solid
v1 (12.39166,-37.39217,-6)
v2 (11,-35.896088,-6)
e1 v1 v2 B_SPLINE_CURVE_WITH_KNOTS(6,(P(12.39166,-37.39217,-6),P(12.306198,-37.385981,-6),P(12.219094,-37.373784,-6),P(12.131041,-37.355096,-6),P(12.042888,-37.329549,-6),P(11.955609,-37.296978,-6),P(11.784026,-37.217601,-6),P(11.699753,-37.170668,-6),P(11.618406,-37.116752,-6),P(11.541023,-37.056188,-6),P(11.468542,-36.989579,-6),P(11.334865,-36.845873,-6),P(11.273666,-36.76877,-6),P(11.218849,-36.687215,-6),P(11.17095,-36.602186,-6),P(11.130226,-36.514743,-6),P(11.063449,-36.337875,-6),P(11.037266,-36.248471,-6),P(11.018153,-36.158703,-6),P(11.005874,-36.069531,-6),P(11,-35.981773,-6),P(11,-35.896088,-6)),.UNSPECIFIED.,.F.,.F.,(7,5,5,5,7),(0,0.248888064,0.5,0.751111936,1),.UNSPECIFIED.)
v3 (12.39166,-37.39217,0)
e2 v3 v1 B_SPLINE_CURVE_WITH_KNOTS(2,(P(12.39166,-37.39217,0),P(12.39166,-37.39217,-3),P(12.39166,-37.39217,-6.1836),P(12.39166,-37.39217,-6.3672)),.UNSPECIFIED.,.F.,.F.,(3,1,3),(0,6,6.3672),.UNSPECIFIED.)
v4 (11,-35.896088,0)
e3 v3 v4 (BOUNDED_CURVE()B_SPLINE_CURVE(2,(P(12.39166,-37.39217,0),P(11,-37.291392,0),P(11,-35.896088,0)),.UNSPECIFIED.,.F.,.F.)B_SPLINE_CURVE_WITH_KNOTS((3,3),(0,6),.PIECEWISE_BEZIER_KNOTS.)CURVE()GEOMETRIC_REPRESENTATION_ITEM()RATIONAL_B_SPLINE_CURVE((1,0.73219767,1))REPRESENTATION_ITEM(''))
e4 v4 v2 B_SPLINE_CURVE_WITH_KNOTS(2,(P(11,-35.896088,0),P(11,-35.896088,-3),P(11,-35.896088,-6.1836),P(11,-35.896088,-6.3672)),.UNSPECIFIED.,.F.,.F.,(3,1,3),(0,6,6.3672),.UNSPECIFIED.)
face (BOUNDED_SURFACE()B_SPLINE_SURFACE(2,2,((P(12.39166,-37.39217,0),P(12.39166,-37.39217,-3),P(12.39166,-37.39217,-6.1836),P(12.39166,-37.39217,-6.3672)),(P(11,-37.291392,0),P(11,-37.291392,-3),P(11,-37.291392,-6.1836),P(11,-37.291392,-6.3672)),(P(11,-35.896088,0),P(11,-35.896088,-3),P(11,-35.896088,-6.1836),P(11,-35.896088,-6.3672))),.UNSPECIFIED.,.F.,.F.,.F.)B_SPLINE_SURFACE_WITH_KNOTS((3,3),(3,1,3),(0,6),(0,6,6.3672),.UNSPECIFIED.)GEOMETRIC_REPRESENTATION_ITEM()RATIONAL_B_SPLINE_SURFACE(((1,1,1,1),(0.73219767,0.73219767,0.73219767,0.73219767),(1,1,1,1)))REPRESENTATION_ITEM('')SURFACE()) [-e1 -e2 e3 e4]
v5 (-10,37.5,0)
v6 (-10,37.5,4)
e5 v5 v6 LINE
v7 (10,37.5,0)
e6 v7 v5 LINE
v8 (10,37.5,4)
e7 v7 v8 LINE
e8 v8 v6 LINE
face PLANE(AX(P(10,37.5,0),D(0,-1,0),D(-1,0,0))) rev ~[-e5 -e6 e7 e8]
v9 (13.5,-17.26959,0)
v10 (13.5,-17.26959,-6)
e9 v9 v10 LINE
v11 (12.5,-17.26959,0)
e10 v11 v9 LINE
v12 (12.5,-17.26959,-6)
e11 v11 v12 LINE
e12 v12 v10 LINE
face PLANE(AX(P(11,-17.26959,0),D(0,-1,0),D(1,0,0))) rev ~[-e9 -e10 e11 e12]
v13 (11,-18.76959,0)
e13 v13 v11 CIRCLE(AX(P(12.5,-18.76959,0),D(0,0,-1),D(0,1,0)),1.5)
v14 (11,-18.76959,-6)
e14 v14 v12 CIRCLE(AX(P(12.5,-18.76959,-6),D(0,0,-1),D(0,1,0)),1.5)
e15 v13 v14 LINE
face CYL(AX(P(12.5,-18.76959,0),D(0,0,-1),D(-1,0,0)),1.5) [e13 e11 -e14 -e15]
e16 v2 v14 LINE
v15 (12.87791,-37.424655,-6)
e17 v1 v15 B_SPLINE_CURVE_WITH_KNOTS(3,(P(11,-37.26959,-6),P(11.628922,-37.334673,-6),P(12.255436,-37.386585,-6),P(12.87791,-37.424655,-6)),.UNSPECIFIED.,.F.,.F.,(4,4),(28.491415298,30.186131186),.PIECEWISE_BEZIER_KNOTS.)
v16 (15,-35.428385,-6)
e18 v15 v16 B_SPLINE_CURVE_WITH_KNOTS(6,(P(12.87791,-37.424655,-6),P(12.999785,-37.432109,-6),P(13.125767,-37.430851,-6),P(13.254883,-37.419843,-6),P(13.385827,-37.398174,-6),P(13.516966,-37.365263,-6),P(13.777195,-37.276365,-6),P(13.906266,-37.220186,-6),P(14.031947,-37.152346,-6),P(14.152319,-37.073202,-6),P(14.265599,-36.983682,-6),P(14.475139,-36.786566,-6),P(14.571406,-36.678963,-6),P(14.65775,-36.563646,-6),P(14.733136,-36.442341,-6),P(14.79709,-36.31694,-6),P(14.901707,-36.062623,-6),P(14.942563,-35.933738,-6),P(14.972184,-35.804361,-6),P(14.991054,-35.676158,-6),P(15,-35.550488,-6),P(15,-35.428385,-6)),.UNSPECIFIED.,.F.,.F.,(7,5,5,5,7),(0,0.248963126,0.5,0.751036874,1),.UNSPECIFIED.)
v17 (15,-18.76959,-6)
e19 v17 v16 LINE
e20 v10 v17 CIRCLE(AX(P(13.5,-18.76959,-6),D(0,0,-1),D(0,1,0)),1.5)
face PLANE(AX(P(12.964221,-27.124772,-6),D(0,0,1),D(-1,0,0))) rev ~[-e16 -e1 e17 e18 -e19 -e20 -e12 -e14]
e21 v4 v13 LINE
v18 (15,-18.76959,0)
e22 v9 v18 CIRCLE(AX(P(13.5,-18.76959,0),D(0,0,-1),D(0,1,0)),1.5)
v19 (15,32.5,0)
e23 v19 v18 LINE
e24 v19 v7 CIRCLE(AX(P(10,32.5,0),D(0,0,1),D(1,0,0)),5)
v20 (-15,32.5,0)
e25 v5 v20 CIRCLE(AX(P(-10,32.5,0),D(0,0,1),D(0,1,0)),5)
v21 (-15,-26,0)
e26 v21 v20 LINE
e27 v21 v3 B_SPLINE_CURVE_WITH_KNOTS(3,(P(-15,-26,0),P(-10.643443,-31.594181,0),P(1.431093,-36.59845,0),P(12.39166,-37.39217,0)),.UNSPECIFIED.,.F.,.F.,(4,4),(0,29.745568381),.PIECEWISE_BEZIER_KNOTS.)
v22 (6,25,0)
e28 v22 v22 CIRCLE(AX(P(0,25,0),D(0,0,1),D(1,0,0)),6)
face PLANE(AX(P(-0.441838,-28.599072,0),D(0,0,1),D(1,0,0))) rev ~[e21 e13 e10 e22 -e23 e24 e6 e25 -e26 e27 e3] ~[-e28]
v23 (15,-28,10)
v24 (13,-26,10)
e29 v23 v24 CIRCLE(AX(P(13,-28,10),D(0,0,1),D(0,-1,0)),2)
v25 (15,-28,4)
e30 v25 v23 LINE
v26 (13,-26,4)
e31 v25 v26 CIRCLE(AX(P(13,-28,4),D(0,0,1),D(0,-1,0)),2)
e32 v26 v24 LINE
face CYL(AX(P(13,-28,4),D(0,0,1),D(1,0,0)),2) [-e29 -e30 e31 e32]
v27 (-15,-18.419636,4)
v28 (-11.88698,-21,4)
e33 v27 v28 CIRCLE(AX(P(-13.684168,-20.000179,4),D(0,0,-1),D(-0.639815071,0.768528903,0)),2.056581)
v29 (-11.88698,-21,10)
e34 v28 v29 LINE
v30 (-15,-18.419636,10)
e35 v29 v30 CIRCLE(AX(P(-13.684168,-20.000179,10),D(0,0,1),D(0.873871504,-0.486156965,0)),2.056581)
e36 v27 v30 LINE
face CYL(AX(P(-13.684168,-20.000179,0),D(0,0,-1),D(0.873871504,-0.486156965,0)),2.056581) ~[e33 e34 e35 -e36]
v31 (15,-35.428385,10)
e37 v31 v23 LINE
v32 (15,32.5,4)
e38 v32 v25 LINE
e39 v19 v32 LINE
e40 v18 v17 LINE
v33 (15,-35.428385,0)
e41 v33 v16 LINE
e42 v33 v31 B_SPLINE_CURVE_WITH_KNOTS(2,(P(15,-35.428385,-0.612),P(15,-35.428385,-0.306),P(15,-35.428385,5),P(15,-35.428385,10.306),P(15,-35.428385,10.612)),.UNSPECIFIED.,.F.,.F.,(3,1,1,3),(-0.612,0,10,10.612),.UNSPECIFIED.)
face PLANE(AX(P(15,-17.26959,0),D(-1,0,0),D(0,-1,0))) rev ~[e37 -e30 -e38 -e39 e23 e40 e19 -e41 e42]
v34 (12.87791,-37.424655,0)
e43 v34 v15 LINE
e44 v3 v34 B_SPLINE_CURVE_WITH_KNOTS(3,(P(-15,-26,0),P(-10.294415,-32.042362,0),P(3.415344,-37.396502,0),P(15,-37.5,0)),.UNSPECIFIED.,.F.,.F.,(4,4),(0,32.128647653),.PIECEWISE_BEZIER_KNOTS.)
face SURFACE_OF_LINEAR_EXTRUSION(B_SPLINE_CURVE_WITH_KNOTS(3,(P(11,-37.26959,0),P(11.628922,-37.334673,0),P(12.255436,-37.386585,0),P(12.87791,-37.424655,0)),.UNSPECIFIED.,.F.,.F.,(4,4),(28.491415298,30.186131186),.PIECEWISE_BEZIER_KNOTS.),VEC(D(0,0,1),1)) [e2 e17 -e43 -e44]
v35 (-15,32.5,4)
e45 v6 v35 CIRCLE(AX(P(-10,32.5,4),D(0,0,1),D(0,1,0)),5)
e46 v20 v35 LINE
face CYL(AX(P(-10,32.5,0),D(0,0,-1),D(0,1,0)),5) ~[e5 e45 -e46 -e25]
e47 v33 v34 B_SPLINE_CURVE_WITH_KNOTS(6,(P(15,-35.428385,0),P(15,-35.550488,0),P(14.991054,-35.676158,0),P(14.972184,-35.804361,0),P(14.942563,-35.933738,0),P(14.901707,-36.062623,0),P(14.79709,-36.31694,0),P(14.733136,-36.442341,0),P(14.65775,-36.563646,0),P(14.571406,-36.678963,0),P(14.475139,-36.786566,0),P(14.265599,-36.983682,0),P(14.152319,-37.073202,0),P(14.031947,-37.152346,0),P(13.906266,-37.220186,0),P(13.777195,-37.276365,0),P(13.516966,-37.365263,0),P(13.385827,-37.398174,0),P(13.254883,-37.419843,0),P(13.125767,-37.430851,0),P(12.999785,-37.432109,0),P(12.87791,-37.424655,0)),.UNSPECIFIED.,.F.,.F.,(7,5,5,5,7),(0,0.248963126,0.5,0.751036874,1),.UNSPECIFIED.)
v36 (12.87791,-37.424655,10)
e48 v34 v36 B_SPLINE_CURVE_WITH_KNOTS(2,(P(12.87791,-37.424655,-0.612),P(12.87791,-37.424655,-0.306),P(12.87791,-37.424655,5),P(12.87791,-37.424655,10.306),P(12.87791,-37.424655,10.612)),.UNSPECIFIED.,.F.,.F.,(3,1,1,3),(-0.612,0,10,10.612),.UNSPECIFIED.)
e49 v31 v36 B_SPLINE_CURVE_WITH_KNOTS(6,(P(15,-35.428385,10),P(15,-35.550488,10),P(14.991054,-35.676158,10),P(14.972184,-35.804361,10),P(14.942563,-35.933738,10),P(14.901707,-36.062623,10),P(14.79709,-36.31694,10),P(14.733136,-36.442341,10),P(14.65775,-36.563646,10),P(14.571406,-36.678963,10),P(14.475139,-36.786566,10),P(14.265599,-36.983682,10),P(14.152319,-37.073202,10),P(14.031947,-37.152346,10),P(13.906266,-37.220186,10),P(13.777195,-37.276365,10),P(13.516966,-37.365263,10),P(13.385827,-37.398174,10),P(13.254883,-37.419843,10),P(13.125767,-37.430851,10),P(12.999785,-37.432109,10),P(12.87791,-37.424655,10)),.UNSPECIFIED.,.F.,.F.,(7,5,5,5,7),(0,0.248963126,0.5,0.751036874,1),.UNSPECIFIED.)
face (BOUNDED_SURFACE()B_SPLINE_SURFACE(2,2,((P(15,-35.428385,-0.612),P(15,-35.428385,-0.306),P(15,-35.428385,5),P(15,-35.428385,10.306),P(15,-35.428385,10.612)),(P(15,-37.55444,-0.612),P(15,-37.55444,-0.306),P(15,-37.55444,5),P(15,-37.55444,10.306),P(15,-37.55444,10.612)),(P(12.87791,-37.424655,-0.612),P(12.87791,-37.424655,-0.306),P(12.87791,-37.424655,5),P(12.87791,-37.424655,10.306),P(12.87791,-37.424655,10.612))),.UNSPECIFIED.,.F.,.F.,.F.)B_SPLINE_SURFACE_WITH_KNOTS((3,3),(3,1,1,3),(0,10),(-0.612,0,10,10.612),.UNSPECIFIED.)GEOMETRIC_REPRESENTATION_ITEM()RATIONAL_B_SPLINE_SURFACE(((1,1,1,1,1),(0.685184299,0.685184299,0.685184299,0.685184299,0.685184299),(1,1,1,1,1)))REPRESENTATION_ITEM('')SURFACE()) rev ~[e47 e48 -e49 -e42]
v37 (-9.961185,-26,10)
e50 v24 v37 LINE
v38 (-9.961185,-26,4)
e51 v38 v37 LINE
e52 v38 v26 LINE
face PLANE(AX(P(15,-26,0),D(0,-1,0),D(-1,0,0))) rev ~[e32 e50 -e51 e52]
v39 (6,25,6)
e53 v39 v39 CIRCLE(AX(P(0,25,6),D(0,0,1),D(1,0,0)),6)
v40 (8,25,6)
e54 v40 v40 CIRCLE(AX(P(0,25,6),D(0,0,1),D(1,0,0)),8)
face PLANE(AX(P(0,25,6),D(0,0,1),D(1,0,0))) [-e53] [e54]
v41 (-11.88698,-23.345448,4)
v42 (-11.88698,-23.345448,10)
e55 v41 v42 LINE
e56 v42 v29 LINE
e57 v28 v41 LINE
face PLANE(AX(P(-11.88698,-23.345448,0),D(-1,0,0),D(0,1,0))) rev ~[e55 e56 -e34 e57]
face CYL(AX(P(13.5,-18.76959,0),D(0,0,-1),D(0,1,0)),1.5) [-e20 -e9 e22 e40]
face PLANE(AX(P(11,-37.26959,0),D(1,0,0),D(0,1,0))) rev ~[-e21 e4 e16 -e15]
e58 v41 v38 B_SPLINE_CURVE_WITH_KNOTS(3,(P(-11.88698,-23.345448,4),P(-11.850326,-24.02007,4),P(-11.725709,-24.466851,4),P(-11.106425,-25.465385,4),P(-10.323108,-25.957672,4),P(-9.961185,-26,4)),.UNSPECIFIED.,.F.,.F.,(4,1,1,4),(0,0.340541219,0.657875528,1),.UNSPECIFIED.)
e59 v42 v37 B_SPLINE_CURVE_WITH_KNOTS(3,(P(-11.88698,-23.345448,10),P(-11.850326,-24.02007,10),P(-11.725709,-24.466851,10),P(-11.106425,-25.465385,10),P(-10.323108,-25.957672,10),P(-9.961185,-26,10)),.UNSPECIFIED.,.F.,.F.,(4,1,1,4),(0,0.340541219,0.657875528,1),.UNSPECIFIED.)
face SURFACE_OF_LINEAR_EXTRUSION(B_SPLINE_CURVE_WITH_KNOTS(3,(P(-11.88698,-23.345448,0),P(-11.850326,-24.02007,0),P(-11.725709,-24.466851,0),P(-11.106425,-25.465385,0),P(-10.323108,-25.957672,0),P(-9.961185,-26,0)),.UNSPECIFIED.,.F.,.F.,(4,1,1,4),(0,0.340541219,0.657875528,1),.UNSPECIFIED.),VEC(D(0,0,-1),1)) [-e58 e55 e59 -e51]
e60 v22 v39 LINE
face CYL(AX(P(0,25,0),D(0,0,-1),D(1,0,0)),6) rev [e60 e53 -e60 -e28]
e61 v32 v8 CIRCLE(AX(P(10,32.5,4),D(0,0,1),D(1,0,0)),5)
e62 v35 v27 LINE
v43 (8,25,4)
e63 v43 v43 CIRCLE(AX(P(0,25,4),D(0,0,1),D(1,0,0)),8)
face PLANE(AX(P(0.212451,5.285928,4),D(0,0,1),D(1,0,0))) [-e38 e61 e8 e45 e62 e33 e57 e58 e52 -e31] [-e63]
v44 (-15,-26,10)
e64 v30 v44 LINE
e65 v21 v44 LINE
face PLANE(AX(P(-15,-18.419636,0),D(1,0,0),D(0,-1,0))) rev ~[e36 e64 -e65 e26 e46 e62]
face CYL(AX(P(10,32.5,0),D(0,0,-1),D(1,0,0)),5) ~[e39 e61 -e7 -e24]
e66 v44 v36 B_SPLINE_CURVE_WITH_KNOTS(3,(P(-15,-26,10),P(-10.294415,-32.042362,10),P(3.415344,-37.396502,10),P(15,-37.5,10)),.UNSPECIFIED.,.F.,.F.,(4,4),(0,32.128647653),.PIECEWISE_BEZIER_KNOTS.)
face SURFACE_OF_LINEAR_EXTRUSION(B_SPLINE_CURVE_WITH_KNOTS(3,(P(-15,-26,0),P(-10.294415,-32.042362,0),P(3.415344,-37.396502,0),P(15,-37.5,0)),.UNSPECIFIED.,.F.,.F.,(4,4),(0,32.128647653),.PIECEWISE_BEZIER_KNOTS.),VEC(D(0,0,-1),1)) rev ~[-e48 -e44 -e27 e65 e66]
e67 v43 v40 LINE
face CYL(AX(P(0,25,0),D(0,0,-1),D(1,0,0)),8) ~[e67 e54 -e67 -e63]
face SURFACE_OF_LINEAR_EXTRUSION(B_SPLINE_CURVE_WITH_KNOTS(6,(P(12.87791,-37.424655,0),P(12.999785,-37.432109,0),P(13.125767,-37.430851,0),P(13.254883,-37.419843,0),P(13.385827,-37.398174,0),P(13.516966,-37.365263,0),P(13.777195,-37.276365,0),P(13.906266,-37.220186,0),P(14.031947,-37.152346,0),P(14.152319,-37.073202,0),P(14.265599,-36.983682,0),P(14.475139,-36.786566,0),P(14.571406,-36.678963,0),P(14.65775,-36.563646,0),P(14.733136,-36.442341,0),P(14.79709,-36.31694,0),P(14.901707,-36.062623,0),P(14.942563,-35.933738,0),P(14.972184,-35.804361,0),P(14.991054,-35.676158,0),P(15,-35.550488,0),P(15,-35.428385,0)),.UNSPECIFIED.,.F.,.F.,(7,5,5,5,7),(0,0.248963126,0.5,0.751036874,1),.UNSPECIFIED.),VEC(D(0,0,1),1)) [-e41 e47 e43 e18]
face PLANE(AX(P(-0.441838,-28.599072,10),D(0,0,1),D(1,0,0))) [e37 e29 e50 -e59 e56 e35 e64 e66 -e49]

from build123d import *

# Parameters (mm, degrees)
F1_DEPTH = 10
F0_R     = 8
F2_DEPTH = 4
F0_R_2   = 6
F3_DEPTH = 6
F5_R     = 2
F7_DEPTH = 6
F8_R     = 1.5


with BuildPart() as f1:
    # F0 (on Top) → F1 (new body)
    with BuildSketch(Plane.XY):
        with BuildLine():
            Line((15, -37.5), (15, -26))
            Line((15, -26), (-9.9611850455, -26))
            add(Edge.make_bspline(
                [(-11.8869803846, -23.3454480823), (-11.8503261617, -24.0200703773), (-11.7257091732, -24.4668508278), (-11.1064253641, -25.4653853658), (-10.3231083129, -25.9576724499), (-9.9611850455, -26)],
                knots=[0, 0, 0, 0, 0.3405412191, 0.6578755277, 1, 1, 1, 1], degree=3))
            Line((-11.8869803846, -23.3454480823), (-11.8869803846, -21))
            ThreePointArc((-11.8869803846, -21), (-12.3717296786, -18.4168176701), (-15, -18.4196364135))
            Line((-15, -18.4196364135), (-15, -26))
            add(Edge.make_bspline(
                [(-15, -26), (-10.2944150567, -32.0423617959), (3.415344283, -37.3965017498), (15, -37.5)],
                knots=[0, 0, 0, 0, 32.1286476528, 32.1286476528, 32.1286476528, 32.1286476528], degree=3))
        make_face()
    extrude(amount=F1_DEPTH)


with BuildPart() as f2:
    # F0 (on Top) → F2 (new body)
    with BuildSketch(Plane.XY):
        with BuildLine():
            ThreePointArc((15, 32.5), (13.5355339059, 36.0355339059), (10, 37.5))
            Line((10, 37.5), (-10, 37.5))
            ThreePointArc((-10, 37.5), (-13.5355339059, 36.0355339059), (-15, 32.5))
            Line((-15, 32.5), (-15, -18.4196364135))
            ThreePointArc((-15, -18.4196364135), (-12.3717296786, -18.4168176701), (-11.8869803846, -21))
            Line((-11.8869803846, -21), (-11.8869803846, -23.3454480823))
            add(Edge.make_bspline(
                [(-11.8869803846, -23.3454480823), (-11.8503261617, -24.0200703773), (-11.7257091732, -24.4668508278), (-11.1064253641, -25.4653853658), (-10.3231083129, -25.9576724499), (-9.9611850455, -26)],
                knots=[0, 0, 0, 0, 0.3405412191, 0.6578755277, 1, 1, 1, 1], degree=3))
            Line((-9.9611850455, -26), (15, -26))
            Line((15, -26), (15, 32.5))
        make_face()
        with Locations((0, 25)):
            Circle(F0_R, mode=Mode.SUBTRACT)
    extrude(amount=F2_DEPTH)

    # F0 (on Top) → F3 (join)
    with BuildSketch(Plane.XY):
        with Locations((0, 25)):
            Circle(F0_R)
        with Locations((0, 25)):
            Circle(F0_R_2, mode=Mode.SUBTRACT)
    extrude(amount=F3_DEPTH)

    # F4: union F1
    add(f1.part)

    # F5
    f5_edges = [f2.edges().sort_by_distance(p)[0] for p in [
        (15, -26, 7),
        (15, -37.5, 5),
    ]]
    fillet(f5_edges, radius=F5_R)

    # F6 (on face) → F7 (join)
    with BuildSketch(Plane(origin=(0, 0, 0), x_dir=(1, 0, 0), z_dir=(0, 0, -1))):
        with BuildLine():
            add(Edge.make_bspline(
                [(11, 37.2695901222), (11.6289216889, 37.3346734853), (12.2554361711, 37.3865849072), (12.8779100925, 37.4246547986)],
                knots=[28.4914152983, 28.4914152983, 28.4914152983, 28.4914152983, 30.1861311863, 30.1861311863, 30.1861311863, 30.1861311863], degree=3))
            Line((11, 37.2695901222), (11, 17.2695901222))
            Line((11, 17.2695901222), (15, 17.2695901222))
            Line((15, 17.2695901222), (15, 35.4283847632))
            add(Edge.make_bspline(
                [(12.8779100925, 37.4246547986), (12.9997851475, 37.4321085568), (13.1257670983, 37.4308511004), (13.2548827191, 37.4198425025), (13.3858269049, 37.3981737159), (13.516965577, 37.3652625635), (13.7771948673, 37.2763649582), (13.9062664101, 37.2201858037), (14.0319471175, 37.1523455077), (14.1523190287, 37.0732018707), (14.2655986066, 36.9836823621), (14.4751385881, 36.7865661207), (14.571406291, 36.6789625216), (14.6577504243, 36.5636464215), (14.7331363723, 36.4423414141), (14.7970899201, 36.3169400414), (14.9017074178, 36.0626228243), (14.9425625457, 35.9337377832), (14.9721844022, 35.8043605761), (14.9910543263, 35.676157773), (15, 35.5504875377), (15, 35.4283847632)],
                knots=[0, 0, 0, 0, 0, 0, 0, 0.2489631265, 0.2489631265, 0.2489631265, 0.2489631265, 0.2489631265, 0.5, 0.5, 0.5, 0.5, 0.5, 0.7510368735, 0.7510368735, 0.7510368735, 0.7510368735, 0.7510368735, 1, 1, 1, 1, 1, 1, 1], degree=6))
        make_face()
    extrude(amount=F7_DEPTH)

    # F8
    f8_edges = [f2.edges().sort_by_distance(p)[0] for p in [
        (11, -17.26959, -3),
        (15, -17.26959, -3),
        (11, -37.26959, -3),
    ]]
    fillet(f8_edges, radius=F8_R)


solid = f2.part
